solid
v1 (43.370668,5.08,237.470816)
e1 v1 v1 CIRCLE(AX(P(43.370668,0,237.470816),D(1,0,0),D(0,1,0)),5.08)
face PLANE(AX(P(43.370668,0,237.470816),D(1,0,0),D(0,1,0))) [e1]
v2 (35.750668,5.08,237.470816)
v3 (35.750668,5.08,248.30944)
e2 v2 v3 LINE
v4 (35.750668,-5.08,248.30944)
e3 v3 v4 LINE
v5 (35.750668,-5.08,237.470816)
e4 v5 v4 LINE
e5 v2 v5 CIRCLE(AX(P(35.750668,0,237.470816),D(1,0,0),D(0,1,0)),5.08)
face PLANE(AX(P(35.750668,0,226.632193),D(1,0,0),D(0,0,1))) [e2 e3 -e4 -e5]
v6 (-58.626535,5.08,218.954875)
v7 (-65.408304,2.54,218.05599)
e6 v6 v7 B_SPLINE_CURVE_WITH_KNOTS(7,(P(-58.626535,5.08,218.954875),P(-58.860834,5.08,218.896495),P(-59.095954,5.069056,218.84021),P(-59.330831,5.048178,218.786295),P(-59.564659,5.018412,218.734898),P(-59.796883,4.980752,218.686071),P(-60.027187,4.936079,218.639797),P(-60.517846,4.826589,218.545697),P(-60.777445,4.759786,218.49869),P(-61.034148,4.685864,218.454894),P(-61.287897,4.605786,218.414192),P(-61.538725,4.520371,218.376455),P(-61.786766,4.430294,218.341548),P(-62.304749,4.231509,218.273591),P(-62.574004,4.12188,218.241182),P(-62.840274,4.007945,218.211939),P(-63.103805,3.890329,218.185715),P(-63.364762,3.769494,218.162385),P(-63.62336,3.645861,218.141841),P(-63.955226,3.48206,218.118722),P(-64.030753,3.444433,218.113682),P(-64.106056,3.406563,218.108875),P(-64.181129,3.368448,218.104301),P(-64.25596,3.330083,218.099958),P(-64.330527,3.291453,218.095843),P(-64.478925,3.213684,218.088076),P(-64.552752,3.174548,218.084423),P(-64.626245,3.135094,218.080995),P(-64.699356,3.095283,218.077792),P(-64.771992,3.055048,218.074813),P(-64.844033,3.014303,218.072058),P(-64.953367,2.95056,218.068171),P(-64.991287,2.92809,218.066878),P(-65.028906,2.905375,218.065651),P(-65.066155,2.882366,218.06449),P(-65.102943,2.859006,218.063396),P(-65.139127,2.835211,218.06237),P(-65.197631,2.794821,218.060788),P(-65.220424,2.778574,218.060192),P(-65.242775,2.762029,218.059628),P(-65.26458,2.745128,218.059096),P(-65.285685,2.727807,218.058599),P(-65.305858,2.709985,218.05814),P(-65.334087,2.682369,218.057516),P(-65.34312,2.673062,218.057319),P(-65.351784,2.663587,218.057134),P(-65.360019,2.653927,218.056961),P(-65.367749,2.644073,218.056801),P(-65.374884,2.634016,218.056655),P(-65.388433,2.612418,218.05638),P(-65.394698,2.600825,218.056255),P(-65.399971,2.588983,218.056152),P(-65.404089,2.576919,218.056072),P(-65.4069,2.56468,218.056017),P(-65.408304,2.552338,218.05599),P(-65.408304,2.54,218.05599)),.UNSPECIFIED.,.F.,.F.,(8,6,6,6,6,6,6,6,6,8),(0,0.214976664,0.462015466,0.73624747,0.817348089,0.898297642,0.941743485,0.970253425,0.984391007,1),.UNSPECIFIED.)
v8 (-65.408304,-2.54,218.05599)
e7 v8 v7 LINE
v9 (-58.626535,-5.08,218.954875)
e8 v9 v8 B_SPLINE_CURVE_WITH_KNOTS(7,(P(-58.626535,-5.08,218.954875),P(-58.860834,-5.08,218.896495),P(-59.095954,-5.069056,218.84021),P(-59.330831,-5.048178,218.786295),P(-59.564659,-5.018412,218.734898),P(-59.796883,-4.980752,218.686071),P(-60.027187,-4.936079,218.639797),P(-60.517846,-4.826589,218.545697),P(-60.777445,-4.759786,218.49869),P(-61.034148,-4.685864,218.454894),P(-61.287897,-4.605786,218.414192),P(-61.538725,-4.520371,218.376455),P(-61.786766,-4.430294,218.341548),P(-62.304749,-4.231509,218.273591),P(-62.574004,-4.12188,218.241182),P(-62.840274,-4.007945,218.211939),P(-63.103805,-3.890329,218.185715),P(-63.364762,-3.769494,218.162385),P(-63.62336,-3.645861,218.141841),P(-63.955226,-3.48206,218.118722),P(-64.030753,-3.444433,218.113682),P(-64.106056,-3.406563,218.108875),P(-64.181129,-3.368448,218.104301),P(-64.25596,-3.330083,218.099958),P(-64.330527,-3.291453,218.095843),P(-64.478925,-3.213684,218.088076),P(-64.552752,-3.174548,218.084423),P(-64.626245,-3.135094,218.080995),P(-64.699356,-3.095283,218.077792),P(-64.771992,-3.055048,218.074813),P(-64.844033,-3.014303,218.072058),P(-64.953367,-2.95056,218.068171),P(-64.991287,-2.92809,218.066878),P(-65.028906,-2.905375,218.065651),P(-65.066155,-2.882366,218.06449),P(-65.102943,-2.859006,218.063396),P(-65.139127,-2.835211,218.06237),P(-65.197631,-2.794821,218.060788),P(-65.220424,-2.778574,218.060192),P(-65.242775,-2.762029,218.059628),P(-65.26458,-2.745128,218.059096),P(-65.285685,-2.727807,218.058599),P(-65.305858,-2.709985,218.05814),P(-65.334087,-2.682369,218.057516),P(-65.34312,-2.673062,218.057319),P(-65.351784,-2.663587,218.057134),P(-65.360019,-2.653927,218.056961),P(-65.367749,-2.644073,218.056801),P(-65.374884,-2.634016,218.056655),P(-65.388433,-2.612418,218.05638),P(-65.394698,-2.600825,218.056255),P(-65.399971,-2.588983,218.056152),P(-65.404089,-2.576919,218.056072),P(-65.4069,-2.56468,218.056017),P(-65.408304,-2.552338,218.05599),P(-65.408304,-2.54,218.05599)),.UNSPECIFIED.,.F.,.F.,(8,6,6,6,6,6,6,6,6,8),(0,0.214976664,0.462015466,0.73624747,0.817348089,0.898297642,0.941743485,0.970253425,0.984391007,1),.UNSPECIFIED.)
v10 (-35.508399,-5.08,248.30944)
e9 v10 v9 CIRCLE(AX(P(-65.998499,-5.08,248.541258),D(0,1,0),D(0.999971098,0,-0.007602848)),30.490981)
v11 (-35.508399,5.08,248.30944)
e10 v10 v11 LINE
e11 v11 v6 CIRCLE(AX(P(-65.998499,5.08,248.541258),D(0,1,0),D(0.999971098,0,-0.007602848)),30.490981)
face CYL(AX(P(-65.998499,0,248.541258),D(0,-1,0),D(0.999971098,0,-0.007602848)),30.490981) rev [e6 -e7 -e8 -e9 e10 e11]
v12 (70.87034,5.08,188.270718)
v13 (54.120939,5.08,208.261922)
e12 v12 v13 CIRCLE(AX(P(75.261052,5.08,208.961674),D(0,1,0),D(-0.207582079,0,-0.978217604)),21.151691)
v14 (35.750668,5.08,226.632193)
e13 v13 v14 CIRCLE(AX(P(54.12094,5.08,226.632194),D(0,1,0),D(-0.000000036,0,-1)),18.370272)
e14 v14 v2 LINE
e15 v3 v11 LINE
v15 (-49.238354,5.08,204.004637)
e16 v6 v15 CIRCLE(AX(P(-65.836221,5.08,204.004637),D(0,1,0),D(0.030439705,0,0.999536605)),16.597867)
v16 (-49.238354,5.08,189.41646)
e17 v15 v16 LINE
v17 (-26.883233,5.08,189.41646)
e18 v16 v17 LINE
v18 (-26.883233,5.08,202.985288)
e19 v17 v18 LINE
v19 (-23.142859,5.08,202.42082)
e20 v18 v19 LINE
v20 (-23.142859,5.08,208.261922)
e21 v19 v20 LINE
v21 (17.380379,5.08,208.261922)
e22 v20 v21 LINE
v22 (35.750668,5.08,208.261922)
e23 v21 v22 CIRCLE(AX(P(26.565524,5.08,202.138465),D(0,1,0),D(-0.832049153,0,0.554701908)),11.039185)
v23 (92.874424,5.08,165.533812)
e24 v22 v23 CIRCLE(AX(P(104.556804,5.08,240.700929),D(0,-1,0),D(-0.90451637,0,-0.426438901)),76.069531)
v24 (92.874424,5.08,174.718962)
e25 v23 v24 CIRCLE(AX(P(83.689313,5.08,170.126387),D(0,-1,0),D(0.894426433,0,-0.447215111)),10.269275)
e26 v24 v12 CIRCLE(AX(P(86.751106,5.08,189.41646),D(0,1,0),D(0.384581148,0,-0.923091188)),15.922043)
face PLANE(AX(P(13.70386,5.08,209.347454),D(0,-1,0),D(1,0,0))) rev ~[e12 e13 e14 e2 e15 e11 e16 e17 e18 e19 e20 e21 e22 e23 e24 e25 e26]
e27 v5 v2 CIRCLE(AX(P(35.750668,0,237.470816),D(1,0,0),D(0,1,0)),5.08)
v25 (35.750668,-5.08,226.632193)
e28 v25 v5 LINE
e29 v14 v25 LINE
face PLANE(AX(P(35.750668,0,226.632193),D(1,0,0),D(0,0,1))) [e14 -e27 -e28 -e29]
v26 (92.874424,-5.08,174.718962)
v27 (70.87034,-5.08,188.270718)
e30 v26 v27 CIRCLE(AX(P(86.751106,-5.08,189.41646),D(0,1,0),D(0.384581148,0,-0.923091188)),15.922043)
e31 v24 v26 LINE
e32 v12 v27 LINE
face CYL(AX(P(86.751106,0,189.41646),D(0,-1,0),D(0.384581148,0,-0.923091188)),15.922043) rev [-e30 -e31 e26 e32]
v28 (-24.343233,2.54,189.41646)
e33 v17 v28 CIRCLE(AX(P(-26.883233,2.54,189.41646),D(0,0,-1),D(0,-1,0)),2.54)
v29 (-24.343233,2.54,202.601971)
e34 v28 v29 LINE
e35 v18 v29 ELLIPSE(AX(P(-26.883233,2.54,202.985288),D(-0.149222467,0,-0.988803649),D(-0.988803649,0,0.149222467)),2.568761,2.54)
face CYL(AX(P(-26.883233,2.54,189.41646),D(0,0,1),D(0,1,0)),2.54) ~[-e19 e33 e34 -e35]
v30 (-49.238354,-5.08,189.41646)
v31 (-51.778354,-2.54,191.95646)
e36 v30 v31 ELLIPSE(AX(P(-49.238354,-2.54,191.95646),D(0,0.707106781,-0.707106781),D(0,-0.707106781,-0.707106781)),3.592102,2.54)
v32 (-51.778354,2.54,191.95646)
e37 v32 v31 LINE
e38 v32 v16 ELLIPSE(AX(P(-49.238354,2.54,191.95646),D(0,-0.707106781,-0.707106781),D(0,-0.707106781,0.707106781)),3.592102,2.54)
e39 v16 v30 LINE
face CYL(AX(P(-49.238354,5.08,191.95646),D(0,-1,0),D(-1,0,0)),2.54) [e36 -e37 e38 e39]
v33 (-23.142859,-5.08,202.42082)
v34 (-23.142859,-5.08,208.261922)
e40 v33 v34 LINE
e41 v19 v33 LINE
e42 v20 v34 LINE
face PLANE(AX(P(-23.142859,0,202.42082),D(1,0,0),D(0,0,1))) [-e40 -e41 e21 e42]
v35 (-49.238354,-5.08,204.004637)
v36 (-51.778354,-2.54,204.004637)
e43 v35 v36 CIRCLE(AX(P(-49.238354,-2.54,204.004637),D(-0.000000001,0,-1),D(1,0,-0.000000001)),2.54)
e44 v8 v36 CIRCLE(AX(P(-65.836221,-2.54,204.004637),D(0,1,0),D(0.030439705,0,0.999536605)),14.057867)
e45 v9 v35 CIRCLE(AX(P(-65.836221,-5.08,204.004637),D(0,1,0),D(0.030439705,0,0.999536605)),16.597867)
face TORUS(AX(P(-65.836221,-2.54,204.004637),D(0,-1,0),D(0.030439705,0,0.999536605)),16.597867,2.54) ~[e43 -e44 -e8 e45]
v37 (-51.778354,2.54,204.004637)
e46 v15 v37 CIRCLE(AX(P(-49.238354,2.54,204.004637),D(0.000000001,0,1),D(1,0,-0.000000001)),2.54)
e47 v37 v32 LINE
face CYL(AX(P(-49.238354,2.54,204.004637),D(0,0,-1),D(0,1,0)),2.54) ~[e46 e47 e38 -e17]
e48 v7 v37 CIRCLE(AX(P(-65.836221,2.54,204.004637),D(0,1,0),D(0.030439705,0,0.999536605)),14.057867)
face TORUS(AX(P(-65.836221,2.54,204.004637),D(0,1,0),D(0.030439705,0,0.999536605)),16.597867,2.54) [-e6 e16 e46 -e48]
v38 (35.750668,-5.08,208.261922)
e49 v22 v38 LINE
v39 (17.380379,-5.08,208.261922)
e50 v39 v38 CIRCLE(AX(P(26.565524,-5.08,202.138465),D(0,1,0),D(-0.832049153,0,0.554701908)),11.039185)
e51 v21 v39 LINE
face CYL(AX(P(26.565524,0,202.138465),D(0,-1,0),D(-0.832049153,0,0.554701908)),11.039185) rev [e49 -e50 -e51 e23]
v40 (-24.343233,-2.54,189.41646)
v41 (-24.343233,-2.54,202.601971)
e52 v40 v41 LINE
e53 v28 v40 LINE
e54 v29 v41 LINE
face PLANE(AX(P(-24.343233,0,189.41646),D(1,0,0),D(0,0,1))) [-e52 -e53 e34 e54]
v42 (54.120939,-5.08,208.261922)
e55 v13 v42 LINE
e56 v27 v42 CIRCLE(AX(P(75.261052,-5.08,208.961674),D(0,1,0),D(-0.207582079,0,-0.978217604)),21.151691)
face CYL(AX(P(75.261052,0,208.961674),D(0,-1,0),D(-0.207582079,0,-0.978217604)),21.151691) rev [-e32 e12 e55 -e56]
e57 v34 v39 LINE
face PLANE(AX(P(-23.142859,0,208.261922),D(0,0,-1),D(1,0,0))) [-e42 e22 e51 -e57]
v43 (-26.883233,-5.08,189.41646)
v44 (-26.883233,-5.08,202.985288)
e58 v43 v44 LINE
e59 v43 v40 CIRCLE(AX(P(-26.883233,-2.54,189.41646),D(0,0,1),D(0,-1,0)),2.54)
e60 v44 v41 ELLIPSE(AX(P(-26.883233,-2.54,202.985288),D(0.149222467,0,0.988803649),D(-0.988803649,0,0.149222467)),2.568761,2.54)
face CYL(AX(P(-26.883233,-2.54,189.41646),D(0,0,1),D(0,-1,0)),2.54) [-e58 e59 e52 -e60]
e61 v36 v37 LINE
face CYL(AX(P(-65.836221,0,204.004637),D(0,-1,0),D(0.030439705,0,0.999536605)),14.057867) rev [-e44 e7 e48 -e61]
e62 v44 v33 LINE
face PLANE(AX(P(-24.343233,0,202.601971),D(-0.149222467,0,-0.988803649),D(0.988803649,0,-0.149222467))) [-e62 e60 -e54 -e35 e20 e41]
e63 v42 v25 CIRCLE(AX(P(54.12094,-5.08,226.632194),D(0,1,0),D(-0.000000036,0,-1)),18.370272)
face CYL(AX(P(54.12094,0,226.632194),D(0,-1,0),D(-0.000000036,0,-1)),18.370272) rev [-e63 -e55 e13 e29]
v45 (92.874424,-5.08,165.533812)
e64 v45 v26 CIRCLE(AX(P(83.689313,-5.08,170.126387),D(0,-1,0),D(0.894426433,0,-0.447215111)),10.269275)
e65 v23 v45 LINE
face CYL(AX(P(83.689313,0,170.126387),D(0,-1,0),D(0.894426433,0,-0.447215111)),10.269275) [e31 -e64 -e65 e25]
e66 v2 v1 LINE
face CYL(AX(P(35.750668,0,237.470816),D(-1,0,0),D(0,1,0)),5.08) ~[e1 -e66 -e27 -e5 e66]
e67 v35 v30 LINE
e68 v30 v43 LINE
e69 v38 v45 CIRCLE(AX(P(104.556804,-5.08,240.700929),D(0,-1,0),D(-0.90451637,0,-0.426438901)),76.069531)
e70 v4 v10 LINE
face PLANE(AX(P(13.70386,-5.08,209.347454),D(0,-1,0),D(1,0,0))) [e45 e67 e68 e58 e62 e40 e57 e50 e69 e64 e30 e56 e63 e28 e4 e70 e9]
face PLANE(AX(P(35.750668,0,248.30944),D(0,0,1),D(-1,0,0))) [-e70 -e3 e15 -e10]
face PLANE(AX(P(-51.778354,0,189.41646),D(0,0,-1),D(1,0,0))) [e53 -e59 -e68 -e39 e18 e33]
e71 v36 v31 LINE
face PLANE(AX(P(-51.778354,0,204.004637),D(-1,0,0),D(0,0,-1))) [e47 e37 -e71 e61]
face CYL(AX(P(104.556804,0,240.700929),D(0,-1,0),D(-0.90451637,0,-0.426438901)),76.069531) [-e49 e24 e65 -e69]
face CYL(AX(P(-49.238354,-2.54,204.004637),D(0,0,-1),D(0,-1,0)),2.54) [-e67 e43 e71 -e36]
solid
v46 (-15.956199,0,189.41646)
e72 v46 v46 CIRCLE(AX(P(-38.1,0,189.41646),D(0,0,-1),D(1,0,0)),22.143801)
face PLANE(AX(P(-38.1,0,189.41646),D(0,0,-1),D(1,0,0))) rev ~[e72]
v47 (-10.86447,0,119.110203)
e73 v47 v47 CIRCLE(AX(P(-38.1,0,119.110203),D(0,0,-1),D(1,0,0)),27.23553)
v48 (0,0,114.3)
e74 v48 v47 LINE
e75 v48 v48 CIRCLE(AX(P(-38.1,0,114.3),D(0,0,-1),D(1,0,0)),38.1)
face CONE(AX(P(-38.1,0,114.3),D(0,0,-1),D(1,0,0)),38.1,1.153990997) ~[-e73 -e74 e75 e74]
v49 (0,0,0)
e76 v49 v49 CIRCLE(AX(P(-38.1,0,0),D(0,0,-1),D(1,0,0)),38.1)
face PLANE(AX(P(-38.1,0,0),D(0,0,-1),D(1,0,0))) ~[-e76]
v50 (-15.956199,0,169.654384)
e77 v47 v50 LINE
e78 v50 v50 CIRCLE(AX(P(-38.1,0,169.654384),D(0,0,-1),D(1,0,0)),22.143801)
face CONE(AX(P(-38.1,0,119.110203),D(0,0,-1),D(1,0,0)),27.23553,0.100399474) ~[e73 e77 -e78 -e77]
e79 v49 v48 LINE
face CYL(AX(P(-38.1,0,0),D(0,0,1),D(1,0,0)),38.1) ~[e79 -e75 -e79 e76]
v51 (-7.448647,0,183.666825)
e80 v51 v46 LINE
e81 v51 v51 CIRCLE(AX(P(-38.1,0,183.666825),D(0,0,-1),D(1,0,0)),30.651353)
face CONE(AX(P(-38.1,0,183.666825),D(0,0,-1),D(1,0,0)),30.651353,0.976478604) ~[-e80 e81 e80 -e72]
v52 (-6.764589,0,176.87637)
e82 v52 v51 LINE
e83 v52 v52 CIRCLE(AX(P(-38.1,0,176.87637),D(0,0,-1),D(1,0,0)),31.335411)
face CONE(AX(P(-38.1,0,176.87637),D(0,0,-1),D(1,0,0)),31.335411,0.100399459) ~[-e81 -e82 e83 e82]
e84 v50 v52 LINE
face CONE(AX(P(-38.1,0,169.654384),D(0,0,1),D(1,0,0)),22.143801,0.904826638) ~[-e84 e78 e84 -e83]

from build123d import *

# Parameters (mm, degrees)
F3_DEPTH      = 5.08
F3_DEPTH_BACK = 5.08
F4_R          = 5.08
F5_DEPTH      = 7.62
F6_R          = 2.54


with BuildPart() as f1:
    # F0 (on Front) → F1 (revolve)
    with BuildSketch(Plane.XZ):
        Polygon((-38.1, 0), (0, 0), (0, 114.3), (-10.86447, 119.110203), (-15.956199, 169.654384), (-6.764589, 176.87637), (-7.448647, 183.666825), (-15.956199, 189.41646), (-38.1, 189.41646), (-38.1, 176.226493), (-38.1, 114.3), align=None)
    revolve(axis=Axis((-38.1, 0, 57.15), (0, 0, -1)))


with BuildPart() as f3:
    # F2 (on Front) → F3 (new body, two sides)
    with BuildSketch(Plane.XZ) as f3_sk:
        with BuildLine():
            Line((-51.778354, 204.004637), (-51.778354, 189.41646))
            Line((-51.778354, 189.41646), (-24.343233, 189.41646))
            Line((-24.343233, 189.41646), (-24.343233, 202.601971))
            Line((-24.343233, 202.601971), (-23.142859, 202.42082))
            Line((-23.142859, 202.42082), (-23.142859, 208.261922))
            Line((-23.142859, 208.261922), (17.380379, 208.261922))
            ThreePointArc((17.380379, 208.261922), (26.565524, 213.17765), (35.750668, 208.261922))
            ThreePointArc((35.750668, 208.261922), (58.993407, 179.786642), (92.874424, 165.533812))
            ThreePointArc((92.874424, 165.533812), (93.958588, 170.126387), (92.874424, 174.718962))
            ThreePointArc((92.874424, 174.718962), (78.401587, 175.859285), (70.87034, 188.270718))
            ThreePointArc((70.87034, 188.270718), (59.047853, 195.377632), (54.120939, 208.261922))
            ThreePointArc((54.120939, 208.261922), (41.131196, 213.64245), (35.750668, 226.632193))
            Line((35.750668, 226.632193), (35.750668, 241.22037))
            Line((35.750668, 241.22037), (35.750668, 248.30944))
            Line((35.750668, 248.30944), (-35.508399, 248.30944))
            ThreePointArc((-35.508399, 248.30944), (-44.311775, 227.107968), (-65.408304, 218.05599))
            ThreePointArc((-65.408304, 218.05599), (-55.74565, 213.792589), (-51.778354, 204.004637))
        make_face()
    extrude(amount=F3_DEPTH)
    extrude(f3_sk.sketch, amount=-F3_DEPTH_BACK)

    # F4 (on face) → F5 (join)
    with BuildSketch(Plane.YZ.offset(35.750668)):
        with Locations((0, 237.470816)):
            Circle(F4_R)
    extrude(amount=F5_DEPTH)

    # F6
    f6_edges = [f3.edges().sort_by_distance(p)[0] for p in [
        (-51.778354, -5.08, 196.710548),
        (-51.778354, 0, 189.41646),
        (-51.778354, 5.08, 196.710548),
        (-51.778354, 0, 204.004637),
        (-24.343233, 5.08, 196.009215),
        (-24.343233, -5.08, 196.009215),
    ]]
    fillet(f6_edges, radius=F6_R)


solid = Compound([f1.part, f3.part])
